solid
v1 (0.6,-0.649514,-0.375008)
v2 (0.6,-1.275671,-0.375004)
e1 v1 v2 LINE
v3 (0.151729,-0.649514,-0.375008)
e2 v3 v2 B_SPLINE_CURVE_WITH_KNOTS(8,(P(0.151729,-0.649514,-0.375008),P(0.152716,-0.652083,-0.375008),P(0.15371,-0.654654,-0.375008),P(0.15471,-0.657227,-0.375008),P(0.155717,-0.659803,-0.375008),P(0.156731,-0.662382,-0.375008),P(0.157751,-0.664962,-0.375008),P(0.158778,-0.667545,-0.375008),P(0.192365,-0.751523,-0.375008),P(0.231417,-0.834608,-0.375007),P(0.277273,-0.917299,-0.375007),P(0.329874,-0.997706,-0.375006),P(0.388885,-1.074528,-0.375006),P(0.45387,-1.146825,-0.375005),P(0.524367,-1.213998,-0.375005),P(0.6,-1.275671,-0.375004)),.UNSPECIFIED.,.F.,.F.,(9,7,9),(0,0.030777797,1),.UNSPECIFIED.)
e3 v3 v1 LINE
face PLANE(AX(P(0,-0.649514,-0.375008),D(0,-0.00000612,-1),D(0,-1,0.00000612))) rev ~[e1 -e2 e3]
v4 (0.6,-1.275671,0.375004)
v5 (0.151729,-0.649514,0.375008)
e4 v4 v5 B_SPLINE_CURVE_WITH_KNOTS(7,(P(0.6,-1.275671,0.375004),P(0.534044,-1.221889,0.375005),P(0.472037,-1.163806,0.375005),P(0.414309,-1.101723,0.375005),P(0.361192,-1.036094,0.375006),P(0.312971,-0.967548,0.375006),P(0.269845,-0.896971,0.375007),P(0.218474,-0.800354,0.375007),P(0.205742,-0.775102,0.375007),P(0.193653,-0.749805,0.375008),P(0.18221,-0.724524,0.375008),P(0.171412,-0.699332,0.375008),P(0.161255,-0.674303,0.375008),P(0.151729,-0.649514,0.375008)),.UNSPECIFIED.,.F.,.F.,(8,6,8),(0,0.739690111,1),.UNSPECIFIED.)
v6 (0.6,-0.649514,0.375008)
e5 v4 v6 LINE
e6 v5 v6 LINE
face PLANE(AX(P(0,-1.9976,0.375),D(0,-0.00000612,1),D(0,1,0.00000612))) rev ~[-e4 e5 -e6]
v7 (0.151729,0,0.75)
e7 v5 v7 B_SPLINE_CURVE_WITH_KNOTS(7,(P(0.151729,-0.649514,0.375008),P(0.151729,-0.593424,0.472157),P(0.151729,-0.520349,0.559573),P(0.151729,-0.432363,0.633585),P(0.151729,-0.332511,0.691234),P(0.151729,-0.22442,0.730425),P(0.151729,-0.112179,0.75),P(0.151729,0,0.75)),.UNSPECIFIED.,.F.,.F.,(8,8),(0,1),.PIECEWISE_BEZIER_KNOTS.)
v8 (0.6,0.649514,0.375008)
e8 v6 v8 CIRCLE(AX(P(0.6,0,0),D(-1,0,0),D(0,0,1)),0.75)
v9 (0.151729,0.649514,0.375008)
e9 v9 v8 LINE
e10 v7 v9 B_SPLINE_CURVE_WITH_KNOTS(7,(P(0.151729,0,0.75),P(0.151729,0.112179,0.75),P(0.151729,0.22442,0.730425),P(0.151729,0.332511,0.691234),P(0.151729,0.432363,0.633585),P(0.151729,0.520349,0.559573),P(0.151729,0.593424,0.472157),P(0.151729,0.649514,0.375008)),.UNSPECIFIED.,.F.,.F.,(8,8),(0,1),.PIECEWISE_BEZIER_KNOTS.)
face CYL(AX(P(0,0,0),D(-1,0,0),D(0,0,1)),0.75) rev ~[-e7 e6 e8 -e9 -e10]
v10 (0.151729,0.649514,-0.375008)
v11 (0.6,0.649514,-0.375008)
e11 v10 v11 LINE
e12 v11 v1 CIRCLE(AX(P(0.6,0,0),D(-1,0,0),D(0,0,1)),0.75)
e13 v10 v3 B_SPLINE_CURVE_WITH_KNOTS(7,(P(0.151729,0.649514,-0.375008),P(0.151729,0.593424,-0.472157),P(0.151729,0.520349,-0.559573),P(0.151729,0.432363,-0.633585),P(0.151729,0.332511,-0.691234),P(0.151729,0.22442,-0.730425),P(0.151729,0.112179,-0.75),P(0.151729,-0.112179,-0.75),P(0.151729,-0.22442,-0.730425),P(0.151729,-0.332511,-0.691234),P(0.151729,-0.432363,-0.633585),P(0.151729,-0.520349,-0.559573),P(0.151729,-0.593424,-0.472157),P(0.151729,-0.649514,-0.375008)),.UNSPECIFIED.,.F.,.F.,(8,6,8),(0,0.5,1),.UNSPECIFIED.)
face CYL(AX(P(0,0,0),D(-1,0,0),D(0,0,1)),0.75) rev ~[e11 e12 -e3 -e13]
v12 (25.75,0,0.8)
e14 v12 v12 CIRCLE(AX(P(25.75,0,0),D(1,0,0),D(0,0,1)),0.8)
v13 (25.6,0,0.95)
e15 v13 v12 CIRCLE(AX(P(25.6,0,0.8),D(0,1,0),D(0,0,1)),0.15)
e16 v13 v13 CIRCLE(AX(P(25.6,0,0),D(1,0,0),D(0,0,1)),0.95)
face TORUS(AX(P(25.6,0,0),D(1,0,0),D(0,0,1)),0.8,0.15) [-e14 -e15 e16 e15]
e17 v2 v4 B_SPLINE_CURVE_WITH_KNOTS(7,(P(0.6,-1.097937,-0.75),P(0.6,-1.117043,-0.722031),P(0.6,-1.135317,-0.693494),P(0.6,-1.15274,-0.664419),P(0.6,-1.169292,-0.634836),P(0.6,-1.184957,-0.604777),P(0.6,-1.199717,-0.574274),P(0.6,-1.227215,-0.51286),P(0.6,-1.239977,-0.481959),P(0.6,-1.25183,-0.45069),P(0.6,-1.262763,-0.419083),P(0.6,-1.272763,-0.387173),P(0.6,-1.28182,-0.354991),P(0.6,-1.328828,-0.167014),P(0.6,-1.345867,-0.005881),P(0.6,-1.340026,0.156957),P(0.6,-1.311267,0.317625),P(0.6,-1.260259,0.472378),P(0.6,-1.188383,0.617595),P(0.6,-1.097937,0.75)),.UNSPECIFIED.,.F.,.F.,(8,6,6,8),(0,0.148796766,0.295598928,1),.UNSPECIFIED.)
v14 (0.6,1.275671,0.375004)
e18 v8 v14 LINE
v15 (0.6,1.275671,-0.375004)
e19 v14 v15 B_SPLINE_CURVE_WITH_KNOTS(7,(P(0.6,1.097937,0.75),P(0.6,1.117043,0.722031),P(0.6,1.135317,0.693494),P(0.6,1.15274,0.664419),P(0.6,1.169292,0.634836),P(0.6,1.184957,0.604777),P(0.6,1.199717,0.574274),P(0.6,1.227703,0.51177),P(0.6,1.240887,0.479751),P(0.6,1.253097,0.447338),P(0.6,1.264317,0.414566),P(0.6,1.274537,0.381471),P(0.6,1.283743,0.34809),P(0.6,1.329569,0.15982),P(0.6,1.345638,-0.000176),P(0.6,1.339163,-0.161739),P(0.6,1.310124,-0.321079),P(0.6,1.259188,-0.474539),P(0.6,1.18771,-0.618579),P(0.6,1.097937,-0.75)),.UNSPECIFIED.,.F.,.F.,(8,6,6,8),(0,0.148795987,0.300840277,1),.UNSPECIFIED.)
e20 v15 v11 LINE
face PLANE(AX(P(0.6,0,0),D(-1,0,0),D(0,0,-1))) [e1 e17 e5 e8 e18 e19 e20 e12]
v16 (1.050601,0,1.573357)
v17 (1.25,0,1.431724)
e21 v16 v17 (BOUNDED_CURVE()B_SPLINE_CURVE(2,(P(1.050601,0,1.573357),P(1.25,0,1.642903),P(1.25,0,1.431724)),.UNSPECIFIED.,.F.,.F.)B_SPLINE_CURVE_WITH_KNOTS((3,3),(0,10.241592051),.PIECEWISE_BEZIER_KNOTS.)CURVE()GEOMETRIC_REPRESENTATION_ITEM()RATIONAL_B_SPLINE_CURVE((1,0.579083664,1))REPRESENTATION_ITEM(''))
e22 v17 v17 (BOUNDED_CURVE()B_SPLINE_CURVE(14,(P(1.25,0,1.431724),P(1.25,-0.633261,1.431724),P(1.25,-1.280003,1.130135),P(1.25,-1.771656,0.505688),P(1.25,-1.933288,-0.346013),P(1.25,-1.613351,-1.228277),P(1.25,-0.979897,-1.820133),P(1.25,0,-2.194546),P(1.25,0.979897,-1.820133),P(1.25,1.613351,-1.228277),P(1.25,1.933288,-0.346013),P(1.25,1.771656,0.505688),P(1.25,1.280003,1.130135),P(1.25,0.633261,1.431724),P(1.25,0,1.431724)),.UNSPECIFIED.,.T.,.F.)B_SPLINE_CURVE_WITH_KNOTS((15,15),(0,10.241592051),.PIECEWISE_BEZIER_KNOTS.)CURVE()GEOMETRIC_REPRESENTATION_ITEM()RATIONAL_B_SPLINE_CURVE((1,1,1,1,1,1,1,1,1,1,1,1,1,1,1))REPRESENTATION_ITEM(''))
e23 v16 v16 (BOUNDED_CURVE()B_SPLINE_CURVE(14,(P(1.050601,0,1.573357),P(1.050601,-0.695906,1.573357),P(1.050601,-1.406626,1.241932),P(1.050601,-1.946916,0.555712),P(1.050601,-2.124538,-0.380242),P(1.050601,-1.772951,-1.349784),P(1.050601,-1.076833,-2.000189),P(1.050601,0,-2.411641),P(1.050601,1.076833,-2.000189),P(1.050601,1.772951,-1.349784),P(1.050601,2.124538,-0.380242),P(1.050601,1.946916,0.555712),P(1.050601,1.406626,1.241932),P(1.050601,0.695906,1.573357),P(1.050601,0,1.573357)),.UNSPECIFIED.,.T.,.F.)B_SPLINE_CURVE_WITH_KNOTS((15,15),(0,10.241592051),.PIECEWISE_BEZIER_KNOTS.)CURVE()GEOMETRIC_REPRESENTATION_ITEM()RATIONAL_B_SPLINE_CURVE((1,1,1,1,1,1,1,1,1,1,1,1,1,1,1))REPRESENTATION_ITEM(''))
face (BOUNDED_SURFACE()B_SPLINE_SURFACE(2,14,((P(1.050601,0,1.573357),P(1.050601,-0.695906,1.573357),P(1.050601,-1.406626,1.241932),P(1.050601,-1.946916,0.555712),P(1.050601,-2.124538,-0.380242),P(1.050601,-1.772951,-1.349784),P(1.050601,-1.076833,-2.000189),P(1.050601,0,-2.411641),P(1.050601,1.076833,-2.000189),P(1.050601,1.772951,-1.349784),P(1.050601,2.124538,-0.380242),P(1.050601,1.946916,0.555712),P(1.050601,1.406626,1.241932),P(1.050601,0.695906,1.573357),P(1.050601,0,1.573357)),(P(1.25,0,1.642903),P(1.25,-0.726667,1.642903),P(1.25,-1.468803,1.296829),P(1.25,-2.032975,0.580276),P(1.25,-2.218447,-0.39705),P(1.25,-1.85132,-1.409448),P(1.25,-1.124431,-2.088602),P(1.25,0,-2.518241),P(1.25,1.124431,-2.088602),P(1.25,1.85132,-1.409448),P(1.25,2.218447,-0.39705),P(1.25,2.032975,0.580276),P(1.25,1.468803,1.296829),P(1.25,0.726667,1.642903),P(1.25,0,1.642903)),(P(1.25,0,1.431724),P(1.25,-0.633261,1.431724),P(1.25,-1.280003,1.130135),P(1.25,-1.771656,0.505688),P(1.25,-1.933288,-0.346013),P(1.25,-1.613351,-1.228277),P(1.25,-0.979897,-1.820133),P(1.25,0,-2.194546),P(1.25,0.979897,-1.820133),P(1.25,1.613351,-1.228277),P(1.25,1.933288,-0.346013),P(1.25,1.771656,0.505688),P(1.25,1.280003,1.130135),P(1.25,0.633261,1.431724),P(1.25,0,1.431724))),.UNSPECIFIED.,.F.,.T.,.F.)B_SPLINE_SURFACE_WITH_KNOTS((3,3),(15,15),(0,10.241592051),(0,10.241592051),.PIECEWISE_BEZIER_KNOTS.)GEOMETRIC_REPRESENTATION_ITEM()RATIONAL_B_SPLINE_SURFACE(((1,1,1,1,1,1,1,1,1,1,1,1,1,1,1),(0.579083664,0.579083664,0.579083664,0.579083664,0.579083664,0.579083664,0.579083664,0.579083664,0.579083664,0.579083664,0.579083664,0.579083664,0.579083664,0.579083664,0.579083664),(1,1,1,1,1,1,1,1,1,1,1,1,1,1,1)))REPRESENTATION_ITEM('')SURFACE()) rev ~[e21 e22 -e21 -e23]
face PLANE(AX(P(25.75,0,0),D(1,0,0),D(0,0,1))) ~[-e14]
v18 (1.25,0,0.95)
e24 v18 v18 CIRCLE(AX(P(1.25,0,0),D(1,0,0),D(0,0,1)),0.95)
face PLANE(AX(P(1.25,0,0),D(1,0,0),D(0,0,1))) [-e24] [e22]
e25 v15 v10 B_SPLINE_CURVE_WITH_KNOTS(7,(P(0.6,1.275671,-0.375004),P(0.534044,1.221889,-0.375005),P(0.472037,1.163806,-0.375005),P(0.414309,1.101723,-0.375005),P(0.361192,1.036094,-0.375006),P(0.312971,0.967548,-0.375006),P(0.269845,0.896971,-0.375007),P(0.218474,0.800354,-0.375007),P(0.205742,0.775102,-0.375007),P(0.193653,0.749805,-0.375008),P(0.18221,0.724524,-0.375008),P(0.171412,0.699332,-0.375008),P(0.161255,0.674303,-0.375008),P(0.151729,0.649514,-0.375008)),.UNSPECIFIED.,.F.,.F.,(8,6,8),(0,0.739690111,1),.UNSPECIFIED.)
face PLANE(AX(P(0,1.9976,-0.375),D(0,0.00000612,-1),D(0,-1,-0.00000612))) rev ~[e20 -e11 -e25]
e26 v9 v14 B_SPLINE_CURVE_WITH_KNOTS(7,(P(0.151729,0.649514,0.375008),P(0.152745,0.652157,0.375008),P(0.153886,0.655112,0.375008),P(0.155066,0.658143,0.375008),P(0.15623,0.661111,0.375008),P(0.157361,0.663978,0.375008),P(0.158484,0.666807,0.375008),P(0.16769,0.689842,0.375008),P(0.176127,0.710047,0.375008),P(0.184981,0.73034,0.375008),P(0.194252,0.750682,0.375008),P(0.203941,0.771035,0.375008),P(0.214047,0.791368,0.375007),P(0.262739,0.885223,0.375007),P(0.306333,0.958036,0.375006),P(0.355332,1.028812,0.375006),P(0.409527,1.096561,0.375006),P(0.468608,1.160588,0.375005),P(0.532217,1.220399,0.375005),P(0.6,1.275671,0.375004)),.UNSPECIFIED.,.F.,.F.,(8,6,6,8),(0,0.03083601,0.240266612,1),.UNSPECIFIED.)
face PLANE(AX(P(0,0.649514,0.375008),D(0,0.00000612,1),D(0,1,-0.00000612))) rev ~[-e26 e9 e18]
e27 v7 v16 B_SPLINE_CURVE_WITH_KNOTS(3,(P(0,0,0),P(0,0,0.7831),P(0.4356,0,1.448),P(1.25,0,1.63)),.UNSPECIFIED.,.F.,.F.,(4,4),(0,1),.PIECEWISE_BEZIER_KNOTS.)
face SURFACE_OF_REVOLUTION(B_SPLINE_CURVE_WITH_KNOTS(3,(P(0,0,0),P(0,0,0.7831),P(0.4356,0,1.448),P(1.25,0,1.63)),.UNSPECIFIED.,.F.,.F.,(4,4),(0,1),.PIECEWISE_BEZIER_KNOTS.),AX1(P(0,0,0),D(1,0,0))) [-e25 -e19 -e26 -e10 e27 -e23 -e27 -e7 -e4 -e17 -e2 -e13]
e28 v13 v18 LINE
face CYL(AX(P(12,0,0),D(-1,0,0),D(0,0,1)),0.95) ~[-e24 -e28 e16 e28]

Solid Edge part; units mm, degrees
sketch "Sketch1" plane through (0, 0, 0) normal (0, -1, 0) x (1, 0, 0)
  line L0 (12, 0.95) -> (1.25, 0.95)
  line L1 (1.25, 1.63) -> (1.25, 0.95)
  spline S0 degree 3 poles (0, 0) (0, 0.7831) (0.4356, 1.448) (1.25, 1.63) knots 0 0 0 0 1 1 1 1
  line L2 (25.75, 0) -> (25.75, 0.95)
  line L3 (25.75, 0.95) -> (12, 0.95)
revolve "RevolvedProtrusion1" add sketch "Sketch1" angle 360 about axis through (0, 0, 0) along (1, 0, 0)
sketch "Sketch2" plane through (0, 0, 0) normal (1, 0, 0) x (0, 0, 1)
  line L0 (-0.375, 1.9976) -> (0.375, 1.9976)
  line L1 (0.375, 1.9976) -> (0.375, 0.6495)
  arc A0 (0.375, 0.6495) -> (0.375, -0.6495) centre (0, 0) cw
  line L2 (0.375, -0.6495) -> (0.375, -1.9976)
  line L3 (0.375, -1.9976) -> (-0.375, -1.9976)
  line L4 (-0.375, -1.9976) -> (-0.375, -0.6495)
  line L5 (-0.375, 0.6495) -> (-0.375, 1.9976)
  arc A1 (-0.375, -0.6495) -> (-0.375, 0.6495) centre (0, 0) cw
extrude "Cutout1" cut sketch "Sketch2" along normal blind 0.6
fillet "Round_1" radius 0.15 2 edges at (1.25, 0, -1.63) (25.75, 0, -0.95)
properties material "Galvanized steel"
